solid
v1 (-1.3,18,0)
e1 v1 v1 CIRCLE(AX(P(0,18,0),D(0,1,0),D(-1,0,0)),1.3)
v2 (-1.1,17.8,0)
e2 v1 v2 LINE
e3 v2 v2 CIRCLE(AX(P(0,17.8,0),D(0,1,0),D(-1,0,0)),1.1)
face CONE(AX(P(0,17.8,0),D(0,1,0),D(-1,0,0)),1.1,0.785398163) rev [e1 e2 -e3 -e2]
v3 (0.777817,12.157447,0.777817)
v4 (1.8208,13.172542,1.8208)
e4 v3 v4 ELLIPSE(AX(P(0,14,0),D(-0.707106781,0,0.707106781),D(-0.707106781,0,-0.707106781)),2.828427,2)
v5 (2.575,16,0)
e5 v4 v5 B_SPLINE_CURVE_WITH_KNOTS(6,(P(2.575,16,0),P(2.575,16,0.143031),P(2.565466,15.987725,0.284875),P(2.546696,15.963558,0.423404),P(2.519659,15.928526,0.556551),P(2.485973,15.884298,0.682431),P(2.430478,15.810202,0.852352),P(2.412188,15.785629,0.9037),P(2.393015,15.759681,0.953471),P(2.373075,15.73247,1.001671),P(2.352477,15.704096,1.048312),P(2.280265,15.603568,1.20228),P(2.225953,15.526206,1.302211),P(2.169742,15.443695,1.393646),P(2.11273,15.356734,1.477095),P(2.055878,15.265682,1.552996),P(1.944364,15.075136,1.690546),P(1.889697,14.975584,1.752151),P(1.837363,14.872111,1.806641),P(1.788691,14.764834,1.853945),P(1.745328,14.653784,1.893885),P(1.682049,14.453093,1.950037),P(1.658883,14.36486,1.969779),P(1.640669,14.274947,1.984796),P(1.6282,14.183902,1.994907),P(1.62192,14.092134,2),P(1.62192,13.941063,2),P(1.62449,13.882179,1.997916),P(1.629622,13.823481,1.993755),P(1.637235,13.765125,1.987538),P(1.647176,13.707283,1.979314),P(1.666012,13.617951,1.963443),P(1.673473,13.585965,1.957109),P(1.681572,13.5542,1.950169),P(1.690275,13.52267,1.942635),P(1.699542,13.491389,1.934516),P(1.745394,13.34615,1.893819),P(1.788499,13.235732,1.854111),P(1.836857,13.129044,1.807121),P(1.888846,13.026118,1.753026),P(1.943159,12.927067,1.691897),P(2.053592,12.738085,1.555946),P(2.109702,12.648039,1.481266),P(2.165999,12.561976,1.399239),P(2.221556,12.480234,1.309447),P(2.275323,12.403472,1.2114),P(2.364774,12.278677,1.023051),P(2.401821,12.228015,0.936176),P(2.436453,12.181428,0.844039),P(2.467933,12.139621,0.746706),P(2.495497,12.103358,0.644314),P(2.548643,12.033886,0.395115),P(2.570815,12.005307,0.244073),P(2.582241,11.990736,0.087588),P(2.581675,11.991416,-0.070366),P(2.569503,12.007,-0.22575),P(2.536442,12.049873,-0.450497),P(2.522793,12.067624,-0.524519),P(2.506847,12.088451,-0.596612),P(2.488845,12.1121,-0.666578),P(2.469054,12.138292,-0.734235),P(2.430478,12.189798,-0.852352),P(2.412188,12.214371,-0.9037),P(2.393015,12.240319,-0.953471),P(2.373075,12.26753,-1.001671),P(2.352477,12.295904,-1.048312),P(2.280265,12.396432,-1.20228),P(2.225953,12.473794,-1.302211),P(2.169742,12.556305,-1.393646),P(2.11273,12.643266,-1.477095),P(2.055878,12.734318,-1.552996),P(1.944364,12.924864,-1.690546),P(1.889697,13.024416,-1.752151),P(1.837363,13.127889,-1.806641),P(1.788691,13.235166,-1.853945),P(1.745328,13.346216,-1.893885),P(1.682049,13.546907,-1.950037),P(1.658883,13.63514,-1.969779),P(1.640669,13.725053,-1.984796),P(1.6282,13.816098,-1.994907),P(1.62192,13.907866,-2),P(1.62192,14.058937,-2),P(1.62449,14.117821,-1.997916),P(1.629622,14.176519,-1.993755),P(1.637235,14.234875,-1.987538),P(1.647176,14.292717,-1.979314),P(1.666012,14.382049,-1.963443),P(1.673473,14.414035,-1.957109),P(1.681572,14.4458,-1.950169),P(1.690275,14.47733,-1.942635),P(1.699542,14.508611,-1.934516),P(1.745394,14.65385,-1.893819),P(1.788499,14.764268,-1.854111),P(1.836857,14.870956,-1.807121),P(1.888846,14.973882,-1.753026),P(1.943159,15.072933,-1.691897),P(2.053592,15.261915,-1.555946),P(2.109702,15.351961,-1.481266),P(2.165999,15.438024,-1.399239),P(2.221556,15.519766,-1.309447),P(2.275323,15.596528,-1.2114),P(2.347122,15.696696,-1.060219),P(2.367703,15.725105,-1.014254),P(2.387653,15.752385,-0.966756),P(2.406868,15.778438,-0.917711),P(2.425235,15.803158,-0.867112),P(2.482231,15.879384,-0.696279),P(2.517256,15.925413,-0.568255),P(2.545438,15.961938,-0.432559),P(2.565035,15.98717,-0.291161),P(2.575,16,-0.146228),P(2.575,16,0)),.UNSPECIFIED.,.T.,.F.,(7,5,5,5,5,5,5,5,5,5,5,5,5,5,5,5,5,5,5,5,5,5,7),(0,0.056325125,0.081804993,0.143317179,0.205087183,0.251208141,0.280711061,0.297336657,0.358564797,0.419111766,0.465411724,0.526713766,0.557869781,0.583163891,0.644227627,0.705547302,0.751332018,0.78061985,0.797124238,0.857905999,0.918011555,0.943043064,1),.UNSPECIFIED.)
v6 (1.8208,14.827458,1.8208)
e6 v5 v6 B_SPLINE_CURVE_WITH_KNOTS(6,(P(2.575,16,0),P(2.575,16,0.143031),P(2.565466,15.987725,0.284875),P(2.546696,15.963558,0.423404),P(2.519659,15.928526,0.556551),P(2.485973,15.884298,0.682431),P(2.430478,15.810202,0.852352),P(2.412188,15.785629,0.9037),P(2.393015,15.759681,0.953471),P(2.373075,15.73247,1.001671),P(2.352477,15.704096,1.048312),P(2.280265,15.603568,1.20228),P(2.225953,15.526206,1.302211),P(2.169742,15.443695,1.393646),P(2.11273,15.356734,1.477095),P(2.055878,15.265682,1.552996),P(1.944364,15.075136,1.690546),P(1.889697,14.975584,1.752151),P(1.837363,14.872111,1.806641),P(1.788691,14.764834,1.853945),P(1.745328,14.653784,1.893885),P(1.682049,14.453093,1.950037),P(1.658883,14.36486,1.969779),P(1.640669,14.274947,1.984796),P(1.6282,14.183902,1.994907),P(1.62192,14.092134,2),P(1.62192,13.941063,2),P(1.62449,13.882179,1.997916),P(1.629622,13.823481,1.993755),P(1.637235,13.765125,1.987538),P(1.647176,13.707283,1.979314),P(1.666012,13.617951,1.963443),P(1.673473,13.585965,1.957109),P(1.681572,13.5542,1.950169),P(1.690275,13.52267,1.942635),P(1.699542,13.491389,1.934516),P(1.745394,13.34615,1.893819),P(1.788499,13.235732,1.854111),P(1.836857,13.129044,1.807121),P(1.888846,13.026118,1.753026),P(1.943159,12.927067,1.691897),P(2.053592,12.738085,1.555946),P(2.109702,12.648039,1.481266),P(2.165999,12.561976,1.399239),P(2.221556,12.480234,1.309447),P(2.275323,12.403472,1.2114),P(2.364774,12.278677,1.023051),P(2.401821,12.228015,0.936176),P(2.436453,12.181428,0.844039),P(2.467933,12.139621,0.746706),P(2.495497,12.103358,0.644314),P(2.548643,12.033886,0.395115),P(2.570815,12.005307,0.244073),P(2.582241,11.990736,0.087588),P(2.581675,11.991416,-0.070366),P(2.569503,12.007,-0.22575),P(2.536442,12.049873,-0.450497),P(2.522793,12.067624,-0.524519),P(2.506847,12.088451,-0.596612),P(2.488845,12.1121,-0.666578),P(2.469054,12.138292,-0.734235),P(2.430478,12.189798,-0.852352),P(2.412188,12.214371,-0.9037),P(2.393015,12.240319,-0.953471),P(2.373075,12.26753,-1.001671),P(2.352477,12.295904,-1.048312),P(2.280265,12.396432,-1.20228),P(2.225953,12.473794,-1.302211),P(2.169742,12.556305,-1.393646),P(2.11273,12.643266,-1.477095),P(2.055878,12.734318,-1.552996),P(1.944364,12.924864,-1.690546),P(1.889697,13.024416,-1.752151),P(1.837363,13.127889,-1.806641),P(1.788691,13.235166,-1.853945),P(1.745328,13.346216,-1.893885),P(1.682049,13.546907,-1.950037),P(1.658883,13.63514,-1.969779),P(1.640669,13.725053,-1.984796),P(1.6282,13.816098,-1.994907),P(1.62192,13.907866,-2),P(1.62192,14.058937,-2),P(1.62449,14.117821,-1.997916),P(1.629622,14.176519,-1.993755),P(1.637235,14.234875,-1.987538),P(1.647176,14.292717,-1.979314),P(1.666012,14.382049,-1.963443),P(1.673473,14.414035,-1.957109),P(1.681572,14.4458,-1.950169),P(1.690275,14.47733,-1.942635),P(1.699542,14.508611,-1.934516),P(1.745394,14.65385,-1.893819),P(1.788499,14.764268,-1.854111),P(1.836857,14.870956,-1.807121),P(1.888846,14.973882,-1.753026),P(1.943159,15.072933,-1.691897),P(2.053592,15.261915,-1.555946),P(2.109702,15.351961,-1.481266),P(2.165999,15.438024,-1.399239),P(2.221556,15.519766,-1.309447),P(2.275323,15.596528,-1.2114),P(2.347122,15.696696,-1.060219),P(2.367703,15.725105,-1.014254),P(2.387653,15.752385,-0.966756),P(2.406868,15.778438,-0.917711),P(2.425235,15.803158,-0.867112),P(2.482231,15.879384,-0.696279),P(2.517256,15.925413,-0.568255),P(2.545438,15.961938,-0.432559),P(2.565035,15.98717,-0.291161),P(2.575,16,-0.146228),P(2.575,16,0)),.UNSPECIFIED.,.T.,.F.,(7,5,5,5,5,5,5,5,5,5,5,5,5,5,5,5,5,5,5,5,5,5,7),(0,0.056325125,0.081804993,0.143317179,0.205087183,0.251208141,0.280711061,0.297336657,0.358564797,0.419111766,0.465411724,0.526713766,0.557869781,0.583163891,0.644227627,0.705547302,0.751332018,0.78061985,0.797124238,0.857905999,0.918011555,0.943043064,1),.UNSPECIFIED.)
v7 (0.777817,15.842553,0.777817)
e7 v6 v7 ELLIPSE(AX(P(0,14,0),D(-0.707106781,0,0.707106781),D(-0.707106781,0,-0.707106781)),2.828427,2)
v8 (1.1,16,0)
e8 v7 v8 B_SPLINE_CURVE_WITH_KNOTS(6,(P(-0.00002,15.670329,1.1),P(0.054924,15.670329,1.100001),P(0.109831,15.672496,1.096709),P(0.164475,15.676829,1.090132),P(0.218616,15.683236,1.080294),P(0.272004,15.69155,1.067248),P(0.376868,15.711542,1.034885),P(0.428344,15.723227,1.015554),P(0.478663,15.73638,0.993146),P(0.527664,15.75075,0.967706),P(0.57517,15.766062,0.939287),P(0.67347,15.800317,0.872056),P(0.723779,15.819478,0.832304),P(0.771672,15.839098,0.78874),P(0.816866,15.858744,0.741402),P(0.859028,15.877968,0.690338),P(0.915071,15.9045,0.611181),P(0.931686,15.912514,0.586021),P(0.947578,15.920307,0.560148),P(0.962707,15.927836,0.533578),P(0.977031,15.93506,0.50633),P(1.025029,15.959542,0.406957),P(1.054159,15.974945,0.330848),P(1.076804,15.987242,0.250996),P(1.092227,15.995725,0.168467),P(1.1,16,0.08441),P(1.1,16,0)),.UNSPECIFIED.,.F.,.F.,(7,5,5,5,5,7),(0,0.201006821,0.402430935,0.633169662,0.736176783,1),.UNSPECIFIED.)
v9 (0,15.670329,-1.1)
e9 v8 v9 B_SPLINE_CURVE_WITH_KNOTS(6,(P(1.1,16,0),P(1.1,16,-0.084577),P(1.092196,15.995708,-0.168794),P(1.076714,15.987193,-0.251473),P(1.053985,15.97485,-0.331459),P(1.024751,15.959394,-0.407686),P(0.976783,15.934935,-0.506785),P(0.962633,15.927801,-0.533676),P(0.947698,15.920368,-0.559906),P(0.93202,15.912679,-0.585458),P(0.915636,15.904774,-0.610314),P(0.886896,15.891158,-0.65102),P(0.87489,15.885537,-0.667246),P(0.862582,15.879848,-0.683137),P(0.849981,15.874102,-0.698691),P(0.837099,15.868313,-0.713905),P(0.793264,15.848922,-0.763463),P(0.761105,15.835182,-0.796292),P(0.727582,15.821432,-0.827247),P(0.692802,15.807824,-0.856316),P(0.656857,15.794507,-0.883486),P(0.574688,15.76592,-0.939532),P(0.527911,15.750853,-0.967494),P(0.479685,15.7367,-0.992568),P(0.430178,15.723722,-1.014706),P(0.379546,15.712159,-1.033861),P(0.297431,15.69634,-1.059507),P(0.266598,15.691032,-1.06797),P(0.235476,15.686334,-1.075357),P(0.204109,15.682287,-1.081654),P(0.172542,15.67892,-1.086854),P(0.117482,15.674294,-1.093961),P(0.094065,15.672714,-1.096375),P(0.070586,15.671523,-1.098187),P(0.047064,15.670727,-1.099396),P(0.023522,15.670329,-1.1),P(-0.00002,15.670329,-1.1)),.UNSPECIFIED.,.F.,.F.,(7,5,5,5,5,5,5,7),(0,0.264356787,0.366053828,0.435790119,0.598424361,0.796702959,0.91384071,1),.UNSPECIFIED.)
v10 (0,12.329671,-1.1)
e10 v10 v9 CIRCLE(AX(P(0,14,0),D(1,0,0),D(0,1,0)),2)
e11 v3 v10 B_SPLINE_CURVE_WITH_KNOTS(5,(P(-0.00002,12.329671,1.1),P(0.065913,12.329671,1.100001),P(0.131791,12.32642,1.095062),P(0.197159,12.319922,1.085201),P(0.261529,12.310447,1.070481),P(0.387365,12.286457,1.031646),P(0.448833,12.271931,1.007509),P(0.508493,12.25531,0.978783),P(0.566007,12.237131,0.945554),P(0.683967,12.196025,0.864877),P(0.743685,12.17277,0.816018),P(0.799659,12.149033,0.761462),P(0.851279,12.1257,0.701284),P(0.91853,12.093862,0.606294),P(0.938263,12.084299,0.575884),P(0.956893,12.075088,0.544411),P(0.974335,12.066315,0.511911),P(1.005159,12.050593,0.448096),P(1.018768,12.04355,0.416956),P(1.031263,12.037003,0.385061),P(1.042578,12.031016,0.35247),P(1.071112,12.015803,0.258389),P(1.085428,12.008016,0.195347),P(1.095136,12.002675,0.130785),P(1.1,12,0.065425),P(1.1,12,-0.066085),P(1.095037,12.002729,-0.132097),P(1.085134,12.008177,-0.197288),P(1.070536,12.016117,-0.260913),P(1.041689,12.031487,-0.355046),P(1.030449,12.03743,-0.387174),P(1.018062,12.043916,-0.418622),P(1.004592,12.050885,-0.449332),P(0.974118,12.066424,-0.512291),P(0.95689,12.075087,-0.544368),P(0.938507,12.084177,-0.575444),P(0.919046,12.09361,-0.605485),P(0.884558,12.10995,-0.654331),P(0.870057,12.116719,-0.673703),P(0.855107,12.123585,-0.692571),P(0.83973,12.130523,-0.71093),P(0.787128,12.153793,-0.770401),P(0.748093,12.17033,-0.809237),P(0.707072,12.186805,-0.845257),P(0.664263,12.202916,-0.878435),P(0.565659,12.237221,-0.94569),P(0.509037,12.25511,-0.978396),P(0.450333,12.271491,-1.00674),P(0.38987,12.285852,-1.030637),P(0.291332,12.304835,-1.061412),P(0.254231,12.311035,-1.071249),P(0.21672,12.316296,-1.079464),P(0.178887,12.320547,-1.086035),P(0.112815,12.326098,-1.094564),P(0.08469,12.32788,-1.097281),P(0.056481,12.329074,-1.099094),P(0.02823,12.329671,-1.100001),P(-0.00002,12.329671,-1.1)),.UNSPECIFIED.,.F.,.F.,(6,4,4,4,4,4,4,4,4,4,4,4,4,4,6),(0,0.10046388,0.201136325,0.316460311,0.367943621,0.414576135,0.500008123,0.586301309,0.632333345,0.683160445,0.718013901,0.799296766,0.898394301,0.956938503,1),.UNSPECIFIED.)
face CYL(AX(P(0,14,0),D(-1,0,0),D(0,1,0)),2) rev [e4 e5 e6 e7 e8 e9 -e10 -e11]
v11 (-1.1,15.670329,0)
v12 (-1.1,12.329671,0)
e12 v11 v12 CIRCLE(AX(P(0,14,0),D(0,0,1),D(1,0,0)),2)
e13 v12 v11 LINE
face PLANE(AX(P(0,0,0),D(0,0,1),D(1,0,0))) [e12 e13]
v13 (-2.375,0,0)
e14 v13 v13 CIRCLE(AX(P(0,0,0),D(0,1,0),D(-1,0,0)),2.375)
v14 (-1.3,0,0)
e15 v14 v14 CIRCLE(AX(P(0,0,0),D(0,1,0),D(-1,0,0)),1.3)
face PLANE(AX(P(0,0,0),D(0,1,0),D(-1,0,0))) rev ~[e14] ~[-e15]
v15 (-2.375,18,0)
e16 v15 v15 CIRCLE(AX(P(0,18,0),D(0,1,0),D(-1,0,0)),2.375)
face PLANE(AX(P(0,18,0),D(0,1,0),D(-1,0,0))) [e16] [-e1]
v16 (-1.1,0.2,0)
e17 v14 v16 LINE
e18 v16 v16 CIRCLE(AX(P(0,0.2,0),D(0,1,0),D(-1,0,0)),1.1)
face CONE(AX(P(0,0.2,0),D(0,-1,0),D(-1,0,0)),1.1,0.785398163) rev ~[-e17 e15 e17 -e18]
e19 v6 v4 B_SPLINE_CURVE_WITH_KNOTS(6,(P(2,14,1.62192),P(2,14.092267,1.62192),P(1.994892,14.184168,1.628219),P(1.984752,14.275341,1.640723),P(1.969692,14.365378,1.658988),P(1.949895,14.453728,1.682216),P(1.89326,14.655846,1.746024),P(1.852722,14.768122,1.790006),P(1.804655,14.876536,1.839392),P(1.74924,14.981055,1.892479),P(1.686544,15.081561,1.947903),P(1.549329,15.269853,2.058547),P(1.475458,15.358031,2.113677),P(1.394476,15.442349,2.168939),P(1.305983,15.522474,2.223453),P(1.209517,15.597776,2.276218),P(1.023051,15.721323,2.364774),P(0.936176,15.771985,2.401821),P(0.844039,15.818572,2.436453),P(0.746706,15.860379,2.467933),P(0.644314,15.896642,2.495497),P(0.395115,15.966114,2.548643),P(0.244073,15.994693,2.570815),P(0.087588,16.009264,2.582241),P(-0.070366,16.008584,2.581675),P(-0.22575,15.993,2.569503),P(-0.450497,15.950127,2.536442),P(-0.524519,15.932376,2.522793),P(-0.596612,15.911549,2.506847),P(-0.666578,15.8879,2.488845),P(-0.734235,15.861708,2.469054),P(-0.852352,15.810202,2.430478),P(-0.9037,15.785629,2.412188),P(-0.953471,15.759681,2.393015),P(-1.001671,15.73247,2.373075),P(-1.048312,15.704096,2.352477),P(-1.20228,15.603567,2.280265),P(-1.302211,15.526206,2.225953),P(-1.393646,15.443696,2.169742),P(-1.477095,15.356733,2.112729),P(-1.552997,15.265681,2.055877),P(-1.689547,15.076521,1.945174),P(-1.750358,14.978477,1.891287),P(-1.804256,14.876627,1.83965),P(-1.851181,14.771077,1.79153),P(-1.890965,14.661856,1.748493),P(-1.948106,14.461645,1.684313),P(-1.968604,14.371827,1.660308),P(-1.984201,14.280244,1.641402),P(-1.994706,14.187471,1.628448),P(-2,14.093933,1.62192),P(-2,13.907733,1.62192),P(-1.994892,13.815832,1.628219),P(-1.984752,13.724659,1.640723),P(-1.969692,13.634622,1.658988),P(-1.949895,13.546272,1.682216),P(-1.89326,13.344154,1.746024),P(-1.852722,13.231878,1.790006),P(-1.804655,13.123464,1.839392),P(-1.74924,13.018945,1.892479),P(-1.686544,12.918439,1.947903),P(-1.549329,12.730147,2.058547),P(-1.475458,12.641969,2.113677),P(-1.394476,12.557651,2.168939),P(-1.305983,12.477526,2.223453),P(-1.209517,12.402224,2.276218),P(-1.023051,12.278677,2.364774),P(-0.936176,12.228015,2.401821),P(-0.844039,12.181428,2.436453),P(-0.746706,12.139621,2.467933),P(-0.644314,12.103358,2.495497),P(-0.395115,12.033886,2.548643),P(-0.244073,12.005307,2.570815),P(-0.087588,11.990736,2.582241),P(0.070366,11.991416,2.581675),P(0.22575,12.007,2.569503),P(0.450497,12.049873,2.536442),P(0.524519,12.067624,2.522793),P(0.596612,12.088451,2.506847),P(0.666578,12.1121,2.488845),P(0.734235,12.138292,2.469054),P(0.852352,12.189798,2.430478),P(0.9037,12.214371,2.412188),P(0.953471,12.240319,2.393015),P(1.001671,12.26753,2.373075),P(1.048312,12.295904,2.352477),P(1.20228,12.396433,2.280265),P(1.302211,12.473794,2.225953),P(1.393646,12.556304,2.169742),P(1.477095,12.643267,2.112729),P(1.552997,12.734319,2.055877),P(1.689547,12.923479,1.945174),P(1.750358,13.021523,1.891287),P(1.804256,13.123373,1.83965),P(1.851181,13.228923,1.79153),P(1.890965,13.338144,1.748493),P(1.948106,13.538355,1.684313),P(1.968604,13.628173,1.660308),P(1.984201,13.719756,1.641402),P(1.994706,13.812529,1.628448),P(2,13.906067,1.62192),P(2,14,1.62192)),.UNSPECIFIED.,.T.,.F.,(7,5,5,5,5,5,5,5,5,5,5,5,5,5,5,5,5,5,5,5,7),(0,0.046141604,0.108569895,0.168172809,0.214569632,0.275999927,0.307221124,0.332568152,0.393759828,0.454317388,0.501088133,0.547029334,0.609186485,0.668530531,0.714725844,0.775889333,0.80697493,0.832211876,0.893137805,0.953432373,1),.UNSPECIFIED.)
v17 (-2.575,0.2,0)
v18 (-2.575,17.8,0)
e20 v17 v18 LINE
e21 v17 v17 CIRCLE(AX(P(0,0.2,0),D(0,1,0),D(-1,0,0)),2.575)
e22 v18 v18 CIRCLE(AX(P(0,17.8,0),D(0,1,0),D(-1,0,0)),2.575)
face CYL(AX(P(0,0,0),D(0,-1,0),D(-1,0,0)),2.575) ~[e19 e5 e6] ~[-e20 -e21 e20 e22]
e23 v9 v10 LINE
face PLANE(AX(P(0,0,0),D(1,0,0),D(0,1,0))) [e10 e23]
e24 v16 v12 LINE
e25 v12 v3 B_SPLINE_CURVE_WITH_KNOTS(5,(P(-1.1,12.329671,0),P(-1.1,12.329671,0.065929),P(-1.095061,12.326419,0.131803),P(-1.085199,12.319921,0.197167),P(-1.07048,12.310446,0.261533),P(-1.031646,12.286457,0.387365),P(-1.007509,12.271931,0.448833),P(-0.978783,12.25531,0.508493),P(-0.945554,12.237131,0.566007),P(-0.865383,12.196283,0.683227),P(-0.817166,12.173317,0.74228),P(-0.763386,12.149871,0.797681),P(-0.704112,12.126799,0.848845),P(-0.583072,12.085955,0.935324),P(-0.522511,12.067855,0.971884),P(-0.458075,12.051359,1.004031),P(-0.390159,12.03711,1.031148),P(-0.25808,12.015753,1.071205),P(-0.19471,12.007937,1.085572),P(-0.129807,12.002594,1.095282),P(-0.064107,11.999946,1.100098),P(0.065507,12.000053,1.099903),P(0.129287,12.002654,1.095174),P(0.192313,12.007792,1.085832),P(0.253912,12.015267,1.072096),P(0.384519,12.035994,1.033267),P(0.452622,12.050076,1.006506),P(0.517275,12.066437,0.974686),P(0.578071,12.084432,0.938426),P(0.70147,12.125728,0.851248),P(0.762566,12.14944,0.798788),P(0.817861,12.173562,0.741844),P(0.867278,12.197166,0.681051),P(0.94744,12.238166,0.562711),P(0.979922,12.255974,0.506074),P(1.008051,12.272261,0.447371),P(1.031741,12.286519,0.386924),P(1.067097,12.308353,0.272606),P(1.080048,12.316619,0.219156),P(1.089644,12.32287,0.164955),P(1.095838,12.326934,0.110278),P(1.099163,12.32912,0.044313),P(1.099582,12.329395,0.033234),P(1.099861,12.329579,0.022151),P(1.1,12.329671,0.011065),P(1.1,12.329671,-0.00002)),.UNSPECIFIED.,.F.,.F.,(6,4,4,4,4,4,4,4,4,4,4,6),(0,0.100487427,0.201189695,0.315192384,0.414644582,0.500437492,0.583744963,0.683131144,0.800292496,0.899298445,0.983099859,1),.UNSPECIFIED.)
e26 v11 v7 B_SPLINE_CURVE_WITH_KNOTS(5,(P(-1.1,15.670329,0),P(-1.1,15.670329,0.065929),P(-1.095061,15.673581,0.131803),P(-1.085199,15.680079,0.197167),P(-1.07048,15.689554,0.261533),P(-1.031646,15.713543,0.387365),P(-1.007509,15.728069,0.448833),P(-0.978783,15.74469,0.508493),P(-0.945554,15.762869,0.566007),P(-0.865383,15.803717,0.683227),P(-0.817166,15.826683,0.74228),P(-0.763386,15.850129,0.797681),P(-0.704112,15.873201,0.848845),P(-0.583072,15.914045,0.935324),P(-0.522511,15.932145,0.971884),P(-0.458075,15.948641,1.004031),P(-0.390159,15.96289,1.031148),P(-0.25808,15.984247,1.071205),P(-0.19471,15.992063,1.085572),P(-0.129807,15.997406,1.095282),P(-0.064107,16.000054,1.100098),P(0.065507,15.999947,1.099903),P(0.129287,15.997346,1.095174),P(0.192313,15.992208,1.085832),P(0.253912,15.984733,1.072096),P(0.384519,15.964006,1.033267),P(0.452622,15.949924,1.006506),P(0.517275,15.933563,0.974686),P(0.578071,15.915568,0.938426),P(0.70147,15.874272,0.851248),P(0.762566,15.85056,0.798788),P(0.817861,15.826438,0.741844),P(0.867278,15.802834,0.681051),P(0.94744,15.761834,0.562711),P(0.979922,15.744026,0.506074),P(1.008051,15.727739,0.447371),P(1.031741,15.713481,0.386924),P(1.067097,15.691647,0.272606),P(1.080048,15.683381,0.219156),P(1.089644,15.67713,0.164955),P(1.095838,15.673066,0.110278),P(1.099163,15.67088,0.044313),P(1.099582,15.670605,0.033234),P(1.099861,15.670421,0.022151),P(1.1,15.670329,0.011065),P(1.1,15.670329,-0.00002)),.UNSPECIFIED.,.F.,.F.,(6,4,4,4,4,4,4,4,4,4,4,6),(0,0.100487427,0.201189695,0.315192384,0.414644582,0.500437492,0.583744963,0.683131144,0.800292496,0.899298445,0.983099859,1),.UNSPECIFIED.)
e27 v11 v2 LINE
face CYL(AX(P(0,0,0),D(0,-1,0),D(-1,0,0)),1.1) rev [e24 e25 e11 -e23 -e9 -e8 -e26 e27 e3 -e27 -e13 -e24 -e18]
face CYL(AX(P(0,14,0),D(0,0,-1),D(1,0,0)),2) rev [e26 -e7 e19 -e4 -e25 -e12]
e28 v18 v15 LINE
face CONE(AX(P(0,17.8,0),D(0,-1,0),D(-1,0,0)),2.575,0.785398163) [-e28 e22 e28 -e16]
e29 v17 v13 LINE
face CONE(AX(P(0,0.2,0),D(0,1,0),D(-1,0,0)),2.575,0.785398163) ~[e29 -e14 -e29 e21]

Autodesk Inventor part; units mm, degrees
ref_plane "XZ Plane" through (0, 0, 0) normal (0, 1, 0) x (-1, 0, 0)
ref_plane "XY Plane" through (0, 0, 0) normal (0, 0, 1) x (1, 0, 0)
sketch "Sketch1" plane through (0, 0, 0) normal (0, 1, 0) x (-1, 0, 0)
  circle A0 centre (0, 0) radius 1.1
  circle A1 centre (0, 0) radius 2.575
  dimension "d0" = 2.2
  dimension "d1" = 5.15
extrude "Extrusion1" add sketch "Sketch1" along normal blind 18
sketch "Sketch2" plane through (0, 0, 0) normal (0, 0, 1) x (1, 0, 0)
  line L0 (2.575, 18) -> (-2.575, 18) projected
  line L1 (2.575, 0) -> (-2.575, 0) projected
  line L2 (-2.575, 0) -> (-2.575, 18) projected
  line L3 (-2.575, 16) -> (2.5173, 16)
  line L4 (2.575, 18) -> (-2.575, 18) projected
  line L5 (0, 18) -> (0, 0)
  circle A0 centre (0, 14) radius 2
  dimension "d4" = 2
  dimension "d5" = 4
extrude "Extrusion2" cut sketch "Sketch2" along normal blind 12 contours A0 L5 | L5 A0
sketch "Sketch3" plane through (0, 0, 0) normal (1, 0, 0) x (0, 1, 0)
  line L0 (18, -2.575) -> (18, 2.575) projected
  line L1 (0, -2.575) -> (0, 2.575) projected
  line L2 (0, 2.575) -> (18, 2.575) projected
  line L3 (16, 2.575) -> (16, -2.525)
  line L4 (18, 1.1) -> (18, -1.1) projected
  line L5 (18, 0) -> (0, 0)
  circle A0 centre (14, 0) radius 2
  point P0 (14, 1.6219)
  dimension "d8" = 2
  dimension "d9" = 4
extrude "Extrusion3" cut sketch "Sketch3" along normal up to next contours A0 L5 | L5 A0
chamfer "Chamfer1" distance 0.2 angle 45 4 edges at (1.1, 0, 0) (2.575, 0, 0) (1.1, 18, 0) (2.575, 18, 0)
properties part number "motor_shaft_adapter"
